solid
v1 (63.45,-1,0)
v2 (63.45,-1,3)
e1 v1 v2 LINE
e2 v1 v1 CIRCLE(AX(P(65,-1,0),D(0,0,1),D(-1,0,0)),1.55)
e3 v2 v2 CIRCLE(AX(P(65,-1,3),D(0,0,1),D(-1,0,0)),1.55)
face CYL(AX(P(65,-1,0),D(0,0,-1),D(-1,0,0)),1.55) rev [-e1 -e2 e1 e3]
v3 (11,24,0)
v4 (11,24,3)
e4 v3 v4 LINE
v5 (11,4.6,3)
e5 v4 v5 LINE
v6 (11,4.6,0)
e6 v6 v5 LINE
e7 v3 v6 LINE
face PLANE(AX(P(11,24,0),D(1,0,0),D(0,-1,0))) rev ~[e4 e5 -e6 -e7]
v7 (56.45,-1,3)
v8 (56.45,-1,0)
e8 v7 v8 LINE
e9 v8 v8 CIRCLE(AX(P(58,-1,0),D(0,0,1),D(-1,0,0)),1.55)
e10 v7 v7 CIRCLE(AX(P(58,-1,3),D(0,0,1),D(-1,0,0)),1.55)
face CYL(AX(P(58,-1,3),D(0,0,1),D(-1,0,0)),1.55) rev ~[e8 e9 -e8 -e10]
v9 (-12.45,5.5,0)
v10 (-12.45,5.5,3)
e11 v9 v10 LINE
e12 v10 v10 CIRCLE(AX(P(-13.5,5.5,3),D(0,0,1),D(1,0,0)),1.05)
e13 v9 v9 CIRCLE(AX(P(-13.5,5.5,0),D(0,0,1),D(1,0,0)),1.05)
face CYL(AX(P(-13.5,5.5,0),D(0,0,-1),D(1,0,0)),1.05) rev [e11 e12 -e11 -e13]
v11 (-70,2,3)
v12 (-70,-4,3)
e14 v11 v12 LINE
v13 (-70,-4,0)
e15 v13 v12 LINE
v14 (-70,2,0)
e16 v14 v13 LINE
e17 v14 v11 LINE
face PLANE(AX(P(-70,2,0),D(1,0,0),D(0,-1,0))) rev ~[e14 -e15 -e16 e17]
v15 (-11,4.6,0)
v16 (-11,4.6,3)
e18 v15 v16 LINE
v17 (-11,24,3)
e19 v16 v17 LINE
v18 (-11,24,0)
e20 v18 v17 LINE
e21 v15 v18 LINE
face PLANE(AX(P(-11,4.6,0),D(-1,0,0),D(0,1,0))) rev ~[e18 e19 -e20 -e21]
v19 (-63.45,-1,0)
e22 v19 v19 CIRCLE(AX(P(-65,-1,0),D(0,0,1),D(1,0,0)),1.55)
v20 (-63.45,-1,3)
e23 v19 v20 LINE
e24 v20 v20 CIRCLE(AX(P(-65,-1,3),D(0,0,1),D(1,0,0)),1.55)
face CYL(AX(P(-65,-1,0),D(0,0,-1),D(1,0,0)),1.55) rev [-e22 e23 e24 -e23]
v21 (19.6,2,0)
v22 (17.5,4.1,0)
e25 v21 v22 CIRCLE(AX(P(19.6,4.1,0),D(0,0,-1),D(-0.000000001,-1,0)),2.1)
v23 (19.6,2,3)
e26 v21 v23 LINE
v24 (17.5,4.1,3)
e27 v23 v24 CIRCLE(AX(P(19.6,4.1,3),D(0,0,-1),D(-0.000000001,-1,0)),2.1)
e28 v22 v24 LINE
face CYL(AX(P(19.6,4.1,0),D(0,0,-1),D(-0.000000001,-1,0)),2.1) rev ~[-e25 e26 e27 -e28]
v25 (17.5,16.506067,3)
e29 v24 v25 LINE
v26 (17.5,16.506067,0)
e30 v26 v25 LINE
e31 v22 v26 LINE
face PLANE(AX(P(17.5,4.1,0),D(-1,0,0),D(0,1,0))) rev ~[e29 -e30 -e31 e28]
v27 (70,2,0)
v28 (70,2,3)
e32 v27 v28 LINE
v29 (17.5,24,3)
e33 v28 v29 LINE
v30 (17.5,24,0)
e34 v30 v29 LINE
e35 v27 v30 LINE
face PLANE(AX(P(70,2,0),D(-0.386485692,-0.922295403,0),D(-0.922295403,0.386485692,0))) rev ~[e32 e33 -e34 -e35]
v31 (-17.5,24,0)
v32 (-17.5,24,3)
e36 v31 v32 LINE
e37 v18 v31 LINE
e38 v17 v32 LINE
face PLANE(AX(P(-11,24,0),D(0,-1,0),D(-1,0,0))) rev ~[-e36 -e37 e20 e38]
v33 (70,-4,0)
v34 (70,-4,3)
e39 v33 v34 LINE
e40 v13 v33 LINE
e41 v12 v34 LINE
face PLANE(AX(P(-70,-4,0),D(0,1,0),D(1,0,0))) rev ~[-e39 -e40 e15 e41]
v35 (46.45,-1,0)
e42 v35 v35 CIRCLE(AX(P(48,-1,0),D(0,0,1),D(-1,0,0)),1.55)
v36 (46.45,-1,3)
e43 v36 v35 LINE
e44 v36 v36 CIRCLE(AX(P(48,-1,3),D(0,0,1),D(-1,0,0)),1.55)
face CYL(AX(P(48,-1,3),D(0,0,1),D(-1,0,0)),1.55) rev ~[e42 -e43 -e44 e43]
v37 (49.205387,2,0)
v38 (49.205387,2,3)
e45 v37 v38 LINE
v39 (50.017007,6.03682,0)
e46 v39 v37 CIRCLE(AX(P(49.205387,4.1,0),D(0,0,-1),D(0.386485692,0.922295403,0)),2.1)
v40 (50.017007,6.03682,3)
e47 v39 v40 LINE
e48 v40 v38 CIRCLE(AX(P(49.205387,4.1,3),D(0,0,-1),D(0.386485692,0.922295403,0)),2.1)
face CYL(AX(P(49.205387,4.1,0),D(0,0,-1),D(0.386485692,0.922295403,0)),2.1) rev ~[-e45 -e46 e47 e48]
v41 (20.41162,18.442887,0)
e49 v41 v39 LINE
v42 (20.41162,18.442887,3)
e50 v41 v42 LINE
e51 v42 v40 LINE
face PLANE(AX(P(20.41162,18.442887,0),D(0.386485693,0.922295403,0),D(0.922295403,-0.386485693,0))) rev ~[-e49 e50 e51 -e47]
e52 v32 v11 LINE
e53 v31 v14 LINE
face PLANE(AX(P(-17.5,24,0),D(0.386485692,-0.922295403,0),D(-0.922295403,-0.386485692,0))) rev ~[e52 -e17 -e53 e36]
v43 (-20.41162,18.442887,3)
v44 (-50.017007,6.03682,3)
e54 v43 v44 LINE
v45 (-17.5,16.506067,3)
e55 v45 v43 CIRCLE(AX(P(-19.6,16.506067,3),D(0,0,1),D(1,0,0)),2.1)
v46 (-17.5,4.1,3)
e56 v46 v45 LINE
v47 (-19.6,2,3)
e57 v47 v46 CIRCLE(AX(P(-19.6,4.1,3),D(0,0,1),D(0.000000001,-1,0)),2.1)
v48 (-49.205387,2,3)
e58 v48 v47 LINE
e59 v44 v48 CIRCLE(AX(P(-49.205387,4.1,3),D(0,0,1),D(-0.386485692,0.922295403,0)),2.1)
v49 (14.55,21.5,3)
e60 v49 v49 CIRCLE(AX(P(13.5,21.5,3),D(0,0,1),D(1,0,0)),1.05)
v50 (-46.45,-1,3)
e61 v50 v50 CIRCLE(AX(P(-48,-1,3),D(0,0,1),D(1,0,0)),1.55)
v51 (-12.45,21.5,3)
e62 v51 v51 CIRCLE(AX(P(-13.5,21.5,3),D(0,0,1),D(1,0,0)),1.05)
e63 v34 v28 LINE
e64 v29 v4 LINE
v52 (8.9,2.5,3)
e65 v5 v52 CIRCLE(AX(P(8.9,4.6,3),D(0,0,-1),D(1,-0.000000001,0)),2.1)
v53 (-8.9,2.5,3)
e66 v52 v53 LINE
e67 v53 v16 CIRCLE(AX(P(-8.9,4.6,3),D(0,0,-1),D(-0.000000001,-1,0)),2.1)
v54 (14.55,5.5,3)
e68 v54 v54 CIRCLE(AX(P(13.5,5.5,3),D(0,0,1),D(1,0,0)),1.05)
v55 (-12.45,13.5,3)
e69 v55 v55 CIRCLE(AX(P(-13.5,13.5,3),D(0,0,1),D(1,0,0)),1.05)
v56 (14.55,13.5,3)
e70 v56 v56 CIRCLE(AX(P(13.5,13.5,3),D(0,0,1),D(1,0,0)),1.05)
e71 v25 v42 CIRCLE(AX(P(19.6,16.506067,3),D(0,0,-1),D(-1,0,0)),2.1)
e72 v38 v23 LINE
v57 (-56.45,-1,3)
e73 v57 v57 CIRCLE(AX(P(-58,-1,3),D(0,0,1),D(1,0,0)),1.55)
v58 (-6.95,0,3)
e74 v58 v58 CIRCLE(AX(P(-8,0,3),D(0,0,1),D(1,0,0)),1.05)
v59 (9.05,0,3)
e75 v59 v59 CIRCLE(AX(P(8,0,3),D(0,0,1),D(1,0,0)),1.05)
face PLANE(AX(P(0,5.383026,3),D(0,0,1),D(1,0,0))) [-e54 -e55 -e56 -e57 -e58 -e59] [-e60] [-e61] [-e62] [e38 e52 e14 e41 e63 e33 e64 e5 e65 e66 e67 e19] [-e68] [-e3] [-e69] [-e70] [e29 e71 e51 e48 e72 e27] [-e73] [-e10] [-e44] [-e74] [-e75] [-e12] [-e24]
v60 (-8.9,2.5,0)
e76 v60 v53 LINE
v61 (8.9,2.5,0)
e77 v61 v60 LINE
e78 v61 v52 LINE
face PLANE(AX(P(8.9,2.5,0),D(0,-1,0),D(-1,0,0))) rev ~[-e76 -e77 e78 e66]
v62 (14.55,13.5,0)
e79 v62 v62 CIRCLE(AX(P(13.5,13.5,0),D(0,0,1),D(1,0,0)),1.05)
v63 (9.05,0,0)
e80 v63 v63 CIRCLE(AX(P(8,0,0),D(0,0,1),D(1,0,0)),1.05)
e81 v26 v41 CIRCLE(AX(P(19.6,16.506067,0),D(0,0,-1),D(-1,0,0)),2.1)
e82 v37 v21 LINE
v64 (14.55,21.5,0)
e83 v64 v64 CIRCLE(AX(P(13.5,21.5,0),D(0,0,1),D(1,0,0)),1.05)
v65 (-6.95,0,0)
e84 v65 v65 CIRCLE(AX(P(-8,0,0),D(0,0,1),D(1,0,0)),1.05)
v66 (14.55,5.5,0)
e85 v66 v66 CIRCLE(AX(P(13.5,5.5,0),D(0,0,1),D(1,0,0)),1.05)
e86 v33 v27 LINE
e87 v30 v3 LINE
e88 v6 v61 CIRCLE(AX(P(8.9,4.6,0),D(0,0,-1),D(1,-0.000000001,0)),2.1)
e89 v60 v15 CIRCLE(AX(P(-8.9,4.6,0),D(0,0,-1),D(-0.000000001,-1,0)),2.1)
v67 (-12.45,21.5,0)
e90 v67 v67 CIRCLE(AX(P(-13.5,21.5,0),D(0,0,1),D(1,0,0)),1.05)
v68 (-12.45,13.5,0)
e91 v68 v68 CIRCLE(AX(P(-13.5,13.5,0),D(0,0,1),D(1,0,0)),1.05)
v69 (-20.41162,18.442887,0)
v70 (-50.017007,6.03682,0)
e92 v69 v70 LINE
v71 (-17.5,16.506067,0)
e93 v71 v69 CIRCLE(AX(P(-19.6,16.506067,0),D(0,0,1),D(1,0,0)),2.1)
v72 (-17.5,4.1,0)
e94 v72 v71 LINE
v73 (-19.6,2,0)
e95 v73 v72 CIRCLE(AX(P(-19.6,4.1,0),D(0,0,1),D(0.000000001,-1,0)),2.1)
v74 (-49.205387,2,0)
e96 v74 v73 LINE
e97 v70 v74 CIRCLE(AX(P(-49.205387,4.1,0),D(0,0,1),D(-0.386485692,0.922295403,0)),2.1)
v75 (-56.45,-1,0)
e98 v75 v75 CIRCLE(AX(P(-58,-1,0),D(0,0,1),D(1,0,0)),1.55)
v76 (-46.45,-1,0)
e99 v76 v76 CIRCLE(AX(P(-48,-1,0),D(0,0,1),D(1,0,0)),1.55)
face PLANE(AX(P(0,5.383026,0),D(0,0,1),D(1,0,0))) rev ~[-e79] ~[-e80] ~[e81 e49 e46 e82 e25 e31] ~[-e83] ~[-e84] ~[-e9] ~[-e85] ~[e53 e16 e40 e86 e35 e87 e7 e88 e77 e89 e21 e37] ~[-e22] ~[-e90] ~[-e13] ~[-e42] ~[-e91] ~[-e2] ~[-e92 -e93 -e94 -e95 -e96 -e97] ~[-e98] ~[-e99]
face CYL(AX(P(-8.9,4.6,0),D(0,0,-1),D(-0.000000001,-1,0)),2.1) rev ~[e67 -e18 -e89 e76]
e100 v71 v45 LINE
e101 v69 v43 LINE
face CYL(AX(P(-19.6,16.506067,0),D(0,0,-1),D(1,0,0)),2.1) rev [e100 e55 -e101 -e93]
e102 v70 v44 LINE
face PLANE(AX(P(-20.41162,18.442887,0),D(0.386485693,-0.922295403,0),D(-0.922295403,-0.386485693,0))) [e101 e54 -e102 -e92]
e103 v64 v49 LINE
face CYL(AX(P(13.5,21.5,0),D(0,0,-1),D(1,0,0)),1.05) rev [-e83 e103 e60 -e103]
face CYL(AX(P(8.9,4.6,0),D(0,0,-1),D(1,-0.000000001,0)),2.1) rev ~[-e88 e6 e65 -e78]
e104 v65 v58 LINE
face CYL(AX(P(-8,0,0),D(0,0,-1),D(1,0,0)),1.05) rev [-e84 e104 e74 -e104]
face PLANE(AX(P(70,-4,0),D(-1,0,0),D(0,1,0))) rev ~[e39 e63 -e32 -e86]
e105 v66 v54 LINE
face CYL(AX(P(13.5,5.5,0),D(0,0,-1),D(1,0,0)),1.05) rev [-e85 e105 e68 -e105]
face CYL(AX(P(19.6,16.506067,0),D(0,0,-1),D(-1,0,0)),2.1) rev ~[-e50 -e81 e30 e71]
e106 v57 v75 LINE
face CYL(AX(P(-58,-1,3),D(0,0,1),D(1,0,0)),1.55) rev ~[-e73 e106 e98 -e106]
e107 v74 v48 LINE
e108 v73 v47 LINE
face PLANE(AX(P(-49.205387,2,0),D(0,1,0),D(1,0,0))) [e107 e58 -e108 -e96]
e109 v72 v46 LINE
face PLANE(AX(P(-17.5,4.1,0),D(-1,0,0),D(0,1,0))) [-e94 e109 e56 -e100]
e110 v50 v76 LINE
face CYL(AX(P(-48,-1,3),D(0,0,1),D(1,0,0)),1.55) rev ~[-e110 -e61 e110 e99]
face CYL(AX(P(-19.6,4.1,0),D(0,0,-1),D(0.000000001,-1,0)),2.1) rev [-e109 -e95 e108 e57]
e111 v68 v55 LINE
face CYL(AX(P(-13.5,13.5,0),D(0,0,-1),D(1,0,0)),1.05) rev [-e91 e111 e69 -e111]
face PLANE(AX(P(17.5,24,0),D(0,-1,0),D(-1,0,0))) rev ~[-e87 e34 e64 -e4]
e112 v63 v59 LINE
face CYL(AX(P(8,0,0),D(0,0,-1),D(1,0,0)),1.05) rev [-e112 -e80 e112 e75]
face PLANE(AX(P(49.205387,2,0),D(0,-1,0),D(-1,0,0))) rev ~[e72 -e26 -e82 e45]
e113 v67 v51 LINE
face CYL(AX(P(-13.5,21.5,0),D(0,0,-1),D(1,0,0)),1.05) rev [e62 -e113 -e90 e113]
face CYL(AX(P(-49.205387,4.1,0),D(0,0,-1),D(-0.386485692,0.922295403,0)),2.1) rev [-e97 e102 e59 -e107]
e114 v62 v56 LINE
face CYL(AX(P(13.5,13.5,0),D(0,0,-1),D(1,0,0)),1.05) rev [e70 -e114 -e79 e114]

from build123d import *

# Parameters (mm, degrees)
SKETCH_1_R          = 1.05
SKETCH_1_R_2        = 1.55
EXTRUDE_1_DEPTH     = 3
SKETCH_2_R          = 1.55
CUT_EXTRUDE_1_DEPTH = 3


with BuildPart() as part:
    # ｽｹｯﾁ1 → ﾎﾞｽ - 押し出し1 (new body)
    with BuildSketch(Plane.XY):
        with BuildLine():
            Line((-11, 4.6), (-11, 24))
            Line((-11, 24), (-17.5, 24))
            Line((-17.5, 24), (-70, 2))
            Line((-70, 2), (-70, -4))
            Line((-70, -4), (-17.5, -4))
            Line((-17.5, -4), (17.5, -4))
            Line((17.5, -4), (70, -4))
            Line((70, -4), (70, 2))
            Line((70, 2), (17.5, 24))
            Line((17.5, 24), (11, 24))
            Line((11, 24), (11, 4.6))
            ThreePointArc((11, 4.6), (10.38492424, 3.11507576), (8.9, 2.5))
            Line((8.9, 2.5), (-8.9, 2.5))
            ThreePointArc((-8.9, 2.5), (-10.38492424, 3.11507576), (-11, 4.6))
        make_face()
        with Locations((-13.5, 5.5)):
            Circle(SKETCH_1_R, mode=Mode.SUBTRACT)
        with Locations((-8, 0)):
            Circle(SKETCH_1_R, mode=Mode.SUBTRACT)
        with Locations((8, 0)):
            Circle(SKETCH_1_R, mode=Mode.SUBTRACT)
        with Locations((-13.5, 13.5)):
            Circle(SKETCH_1_R, mode=Mode.SUBTRACT)
        with Locations((-13.5, 21.5)):
            Circle(SKETCH_1_R, mode=Mode.SUBTRACT)
        with Locations((13.5, 21.5)):
            Circle(SKETCH_1_R, mode=Mode.SUBTRACT)
        with Locations((13.5, 13.5)):
            Circle(SKETCH_1_R, mode=Mode.SUBTRACT)
        with Locations((13.5, 5.5)):
            Circle(SKETCH_1_R, mode=Mode.SUBTRACT)
        with Locations((-65, -1)):
            Circle(SKETCH_1_R_2, mode=Mode.SUBTRACT)
        with Locations(Location((65, -1, 0), (0, 0, 180))):
            Circle(SKETCH_1_R_2, mode=Mode.SUBTRACT)
        with BuildLine():
            Line((-17.5, 4.1), (-17.5, 16.506066998))
            ThreePointArc((-17.5, 16.506066998), (-18.436901101, 18.254552329), (-20.411619954, 18.442887344))
            Line((-20.411619954, 18.442887344), (-50.017007109, 6.036820345))
            ThreePointArc((-50.017007109, 6.036820345), (-51.264188108, 3.686069284), (-49.205387155, 2))
            Line((-49.205387155, 2), (-19.6, 2))
            ThreePointArc((-19.6, 2), (-18.11507576, 2.61507576), (-17.5, 4.1))
        make_face(mode=Mode.SUBTRACT)
        with BuildLine():
            Line((20.411619954, 18.442887344), (50.017007109, 6.036820345))
            ThreePointArc((50.017007109, 6.036820345), (51.264188108, 3.686069284), (49.205387155, 2))
            Line((49.205387155, 2), (19.6, 2))
            ThreePointArc((19.6, 2), (18.11507576, 2.61507576), (17.5, 4.1))
            Line((17.5, 4.1), (17.5, 16.506066998))
            ThreePointArc((17.5, 16.506066998), (18.436901101, 18.254552329), (20.411619954, 18.442887344))
        make_face(mode=Mode.SUBTRACT)
    extrude(amount=EXTRUDE_1_DEPTH)

    # ｽｹｯﾁ2 → ｶｯﾄ - 押し出し1 (cut)
    with BuildSketch(Plane.XY.offset(3)):
        with Locations((-48, -1)):
            Circle(SKETCH_2_R)
        with Locations(Location((48, -1, 0), (0, 0, 180))):
            Circle(SKETCH_2_R)
        with Locations((-58, -1)):
            Circle(SKETCH_2_R)
        with Locations(Location((58, -1, 0), (0, 0, 180))):
            Circle(SKETCH_2_R)
    extrude(amount=-CUT_EXTRUDE_1_DEPTH, mode=Mode.SUBTRACT)


solid = part.part
